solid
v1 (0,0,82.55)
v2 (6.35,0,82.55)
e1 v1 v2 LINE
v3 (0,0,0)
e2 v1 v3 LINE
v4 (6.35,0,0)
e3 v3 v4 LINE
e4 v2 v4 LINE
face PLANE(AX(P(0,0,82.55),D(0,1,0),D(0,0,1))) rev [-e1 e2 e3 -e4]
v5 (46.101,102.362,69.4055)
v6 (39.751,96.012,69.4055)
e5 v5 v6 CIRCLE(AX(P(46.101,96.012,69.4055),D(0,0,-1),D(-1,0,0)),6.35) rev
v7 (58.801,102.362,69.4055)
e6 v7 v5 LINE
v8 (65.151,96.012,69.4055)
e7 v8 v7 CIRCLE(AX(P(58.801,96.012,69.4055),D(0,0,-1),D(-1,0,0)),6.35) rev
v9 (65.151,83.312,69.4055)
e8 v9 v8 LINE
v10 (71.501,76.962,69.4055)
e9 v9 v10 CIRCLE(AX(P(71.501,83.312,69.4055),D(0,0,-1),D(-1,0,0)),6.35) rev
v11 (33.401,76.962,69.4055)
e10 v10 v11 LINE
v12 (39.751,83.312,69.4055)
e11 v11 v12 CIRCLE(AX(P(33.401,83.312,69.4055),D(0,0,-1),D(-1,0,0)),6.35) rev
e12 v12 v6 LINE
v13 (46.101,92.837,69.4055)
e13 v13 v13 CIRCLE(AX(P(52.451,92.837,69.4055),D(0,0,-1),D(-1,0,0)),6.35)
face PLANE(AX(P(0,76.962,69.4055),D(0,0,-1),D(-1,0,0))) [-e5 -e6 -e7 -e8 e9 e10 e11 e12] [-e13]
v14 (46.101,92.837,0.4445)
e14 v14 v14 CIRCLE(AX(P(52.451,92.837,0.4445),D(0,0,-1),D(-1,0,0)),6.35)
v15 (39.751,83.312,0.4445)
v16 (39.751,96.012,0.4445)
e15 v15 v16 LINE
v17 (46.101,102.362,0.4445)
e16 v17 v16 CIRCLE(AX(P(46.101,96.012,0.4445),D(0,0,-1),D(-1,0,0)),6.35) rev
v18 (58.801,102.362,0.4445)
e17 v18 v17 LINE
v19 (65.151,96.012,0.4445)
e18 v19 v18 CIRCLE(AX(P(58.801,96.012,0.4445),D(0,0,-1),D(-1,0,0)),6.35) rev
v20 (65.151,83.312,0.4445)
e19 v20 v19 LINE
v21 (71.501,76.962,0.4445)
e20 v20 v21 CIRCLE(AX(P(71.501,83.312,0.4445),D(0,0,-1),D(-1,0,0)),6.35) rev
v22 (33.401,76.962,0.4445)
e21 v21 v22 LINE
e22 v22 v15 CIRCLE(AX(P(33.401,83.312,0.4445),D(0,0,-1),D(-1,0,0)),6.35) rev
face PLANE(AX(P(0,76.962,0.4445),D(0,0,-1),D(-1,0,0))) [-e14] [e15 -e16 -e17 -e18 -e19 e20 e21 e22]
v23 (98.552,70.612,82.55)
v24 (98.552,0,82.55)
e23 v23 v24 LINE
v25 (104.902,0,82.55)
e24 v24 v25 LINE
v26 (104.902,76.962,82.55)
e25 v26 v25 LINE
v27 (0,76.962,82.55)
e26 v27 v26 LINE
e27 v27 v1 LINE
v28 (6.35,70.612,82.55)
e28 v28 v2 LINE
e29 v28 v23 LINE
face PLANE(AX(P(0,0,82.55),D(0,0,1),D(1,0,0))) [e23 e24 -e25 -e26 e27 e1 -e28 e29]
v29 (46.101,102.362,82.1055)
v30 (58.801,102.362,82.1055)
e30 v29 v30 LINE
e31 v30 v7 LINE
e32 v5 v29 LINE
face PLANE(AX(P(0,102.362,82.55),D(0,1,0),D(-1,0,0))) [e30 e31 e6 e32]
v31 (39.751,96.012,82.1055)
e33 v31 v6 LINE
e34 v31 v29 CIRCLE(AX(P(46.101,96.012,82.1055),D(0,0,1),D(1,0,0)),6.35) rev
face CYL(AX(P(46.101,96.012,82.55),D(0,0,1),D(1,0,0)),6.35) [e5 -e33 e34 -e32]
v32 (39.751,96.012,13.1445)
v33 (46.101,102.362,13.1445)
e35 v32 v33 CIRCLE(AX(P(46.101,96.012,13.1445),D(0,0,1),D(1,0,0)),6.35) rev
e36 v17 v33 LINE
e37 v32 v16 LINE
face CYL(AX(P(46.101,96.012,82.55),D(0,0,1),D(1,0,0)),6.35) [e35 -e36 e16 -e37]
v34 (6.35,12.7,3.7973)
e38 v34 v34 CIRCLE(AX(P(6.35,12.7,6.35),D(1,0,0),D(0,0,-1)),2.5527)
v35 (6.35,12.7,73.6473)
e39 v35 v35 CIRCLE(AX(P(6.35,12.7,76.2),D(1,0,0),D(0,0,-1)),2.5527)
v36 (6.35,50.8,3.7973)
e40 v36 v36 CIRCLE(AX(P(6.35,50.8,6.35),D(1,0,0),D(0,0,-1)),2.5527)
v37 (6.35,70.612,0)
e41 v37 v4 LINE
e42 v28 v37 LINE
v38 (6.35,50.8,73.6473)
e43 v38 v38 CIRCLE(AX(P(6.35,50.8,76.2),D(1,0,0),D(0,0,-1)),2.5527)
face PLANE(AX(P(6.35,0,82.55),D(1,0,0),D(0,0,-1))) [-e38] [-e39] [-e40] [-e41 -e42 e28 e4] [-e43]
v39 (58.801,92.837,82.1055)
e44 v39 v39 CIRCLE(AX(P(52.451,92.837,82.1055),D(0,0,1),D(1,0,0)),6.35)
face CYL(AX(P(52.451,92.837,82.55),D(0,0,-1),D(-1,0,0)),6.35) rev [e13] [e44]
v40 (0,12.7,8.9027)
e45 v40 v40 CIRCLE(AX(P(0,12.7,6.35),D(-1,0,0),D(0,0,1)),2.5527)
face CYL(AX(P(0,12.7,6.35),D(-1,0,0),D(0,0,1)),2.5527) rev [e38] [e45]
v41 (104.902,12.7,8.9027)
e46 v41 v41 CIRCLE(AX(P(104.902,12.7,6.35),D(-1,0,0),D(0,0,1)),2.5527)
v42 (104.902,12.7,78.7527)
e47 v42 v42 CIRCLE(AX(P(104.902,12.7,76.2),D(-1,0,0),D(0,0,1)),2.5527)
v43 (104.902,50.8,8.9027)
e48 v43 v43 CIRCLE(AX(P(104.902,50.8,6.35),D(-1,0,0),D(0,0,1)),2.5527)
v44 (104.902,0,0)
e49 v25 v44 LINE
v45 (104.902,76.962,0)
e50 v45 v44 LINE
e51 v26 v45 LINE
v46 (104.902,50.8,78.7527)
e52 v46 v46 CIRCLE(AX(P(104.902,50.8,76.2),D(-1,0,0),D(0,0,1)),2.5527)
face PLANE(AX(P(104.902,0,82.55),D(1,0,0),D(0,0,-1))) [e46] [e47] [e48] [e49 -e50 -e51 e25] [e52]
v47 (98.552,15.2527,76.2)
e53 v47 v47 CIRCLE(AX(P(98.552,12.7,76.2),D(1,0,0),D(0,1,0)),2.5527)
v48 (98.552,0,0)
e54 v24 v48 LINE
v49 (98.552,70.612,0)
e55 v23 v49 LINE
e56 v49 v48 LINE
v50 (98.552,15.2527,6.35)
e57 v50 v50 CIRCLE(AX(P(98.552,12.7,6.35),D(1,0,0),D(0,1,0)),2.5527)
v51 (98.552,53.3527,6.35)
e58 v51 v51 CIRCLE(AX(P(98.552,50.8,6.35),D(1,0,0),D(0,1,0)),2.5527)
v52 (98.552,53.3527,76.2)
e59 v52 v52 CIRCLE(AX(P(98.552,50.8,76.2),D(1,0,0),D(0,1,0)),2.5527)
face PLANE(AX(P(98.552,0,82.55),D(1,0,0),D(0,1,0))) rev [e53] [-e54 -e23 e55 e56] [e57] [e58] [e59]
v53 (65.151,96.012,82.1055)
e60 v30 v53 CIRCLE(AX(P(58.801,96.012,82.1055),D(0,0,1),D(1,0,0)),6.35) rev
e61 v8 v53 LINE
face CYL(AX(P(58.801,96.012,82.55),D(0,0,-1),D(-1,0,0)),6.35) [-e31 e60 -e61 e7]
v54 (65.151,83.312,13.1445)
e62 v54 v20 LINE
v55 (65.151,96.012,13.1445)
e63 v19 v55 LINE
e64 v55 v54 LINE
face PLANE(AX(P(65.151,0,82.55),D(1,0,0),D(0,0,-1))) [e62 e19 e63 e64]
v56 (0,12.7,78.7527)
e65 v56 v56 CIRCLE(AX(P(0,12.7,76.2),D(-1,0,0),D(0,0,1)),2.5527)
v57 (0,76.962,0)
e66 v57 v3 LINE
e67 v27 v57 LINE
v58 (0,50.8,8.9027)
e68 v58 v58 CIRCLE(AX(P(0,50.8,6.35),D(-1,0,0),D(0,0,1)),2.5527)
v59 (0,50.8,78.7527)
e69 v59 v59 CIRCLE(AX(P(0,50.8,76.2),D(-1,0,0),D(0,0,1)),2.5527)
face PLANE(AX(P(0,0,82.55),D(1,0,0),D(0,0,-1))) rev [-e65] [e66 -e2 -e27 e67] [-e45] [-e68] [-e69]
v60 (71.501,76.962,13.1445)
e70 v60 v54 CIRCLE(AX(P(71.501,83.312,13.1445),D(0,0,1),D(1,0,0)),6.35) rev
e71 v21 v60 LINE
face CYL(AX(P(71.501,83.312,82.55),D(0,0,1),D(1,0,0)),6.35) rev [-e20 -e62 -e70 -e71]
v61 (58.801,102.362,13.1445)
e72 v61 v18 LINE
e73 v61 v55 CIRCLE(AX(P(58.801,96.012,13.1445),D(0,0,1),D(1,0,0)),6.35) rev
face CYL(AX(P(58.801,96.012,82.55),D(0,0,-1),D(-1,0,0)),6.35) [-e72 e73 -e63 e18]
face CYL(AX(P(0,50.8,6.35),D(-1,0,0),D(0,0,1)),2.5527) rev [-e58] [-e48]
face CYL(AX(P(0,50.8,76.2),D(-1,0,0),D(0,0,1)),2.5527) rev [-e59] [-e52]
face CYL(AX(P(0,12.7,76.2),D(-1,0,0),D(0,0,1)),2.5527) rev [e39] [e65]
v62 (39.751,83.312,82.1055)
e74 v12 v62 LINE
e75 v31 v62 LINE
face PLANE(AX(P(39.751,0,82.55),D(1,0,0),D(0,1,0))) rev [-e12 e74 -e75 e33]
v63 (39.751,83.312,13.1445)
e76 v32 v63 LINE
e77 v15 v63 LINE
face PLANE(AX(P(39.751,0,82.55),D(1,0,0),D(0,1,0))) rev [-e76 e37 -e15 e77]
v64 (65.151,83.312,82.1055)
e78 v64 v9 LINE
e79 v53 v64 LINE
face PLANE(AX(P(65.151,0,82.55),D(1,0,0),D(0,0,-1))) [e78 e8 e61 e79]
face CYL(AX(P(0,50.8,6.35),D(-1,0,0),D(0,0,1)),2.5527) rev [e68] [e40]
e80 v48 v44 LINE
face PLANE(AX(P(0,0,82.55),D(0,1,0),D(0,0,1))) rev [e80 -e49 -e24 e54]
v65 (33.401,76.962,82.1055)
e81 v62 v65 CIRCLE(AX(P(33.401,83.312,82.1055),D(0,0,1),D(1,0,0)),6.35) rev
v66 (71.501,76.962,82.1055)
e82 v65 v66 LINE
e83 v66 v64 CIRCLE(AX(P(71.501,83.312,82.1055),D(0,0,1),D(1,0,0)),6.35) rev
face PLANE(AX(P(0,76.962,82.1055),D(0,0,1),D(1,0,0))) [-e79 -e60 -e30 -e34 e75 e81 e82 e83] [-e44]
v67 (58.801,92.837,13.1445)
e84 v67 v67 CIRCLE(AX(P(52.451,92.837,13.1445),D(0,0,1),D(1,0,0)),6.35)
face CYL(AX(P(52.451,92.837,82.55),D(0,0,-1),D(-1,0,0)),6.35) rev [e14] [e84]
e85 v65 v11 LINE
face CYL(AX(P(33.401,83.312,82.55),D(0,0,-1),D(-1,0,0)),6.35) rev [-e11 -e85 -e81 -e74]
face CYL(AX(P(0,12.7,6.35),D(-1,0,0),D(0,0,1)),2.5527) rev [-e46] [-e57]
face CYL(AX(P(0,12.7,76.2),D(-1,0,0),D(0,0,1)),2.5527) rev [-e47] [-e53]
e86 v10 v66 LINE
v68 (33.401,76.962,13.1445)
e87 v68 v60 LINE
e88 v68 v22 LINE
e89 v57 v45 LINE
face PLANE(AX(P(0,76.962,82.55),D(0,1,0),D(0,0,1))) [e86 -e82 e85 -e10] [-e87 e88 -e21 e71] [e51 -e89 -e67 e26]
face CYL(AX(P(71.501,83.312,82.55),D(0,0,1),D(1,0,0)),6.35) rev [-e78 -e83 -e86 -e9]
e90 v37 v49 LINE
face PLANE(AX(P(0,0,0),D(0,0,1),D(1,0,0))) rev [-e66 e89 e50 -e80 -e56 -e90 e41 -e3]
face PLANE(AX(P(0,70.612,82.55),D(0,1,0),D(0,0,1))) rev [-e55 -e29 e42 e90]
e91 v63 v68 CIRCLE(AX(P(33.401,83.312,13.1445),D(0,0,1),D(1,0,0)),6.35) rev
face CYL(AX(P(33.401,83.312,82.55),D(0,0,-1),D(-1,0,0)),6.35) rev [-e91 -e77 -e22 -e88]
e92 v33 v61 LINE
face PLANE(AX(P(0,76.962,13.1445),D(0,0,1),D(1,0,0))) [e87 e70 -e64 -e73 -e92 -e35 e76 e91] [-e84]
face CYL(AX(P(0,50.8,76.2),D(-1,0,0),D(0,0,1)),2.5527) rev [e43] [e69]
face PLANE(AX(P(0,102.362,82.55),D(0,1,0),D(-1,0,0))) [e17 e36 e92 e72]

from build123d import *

# Parameters (mm, degrees)
SKETCH1_W                   = 25.4
SKETCH1_H                   = 25.4
SKETCH1_R                   = 6.35
BOSS_EXTRUDE1_DEPTH         = 82.55
FILLET1_R                   = 6.35
SKETCH3_W                   = 136.608571953
SKETCH3_H                   = 27.79521791
SKETCH3_H_2                 = 56.261
SKETCH3_H_3                 = 24.259466636
CUT_EXTRUDE3_DEPTH          = 31.75
TAP_DRILL_FOR_1_4_20_TAP1_D = 5.1054


with BuildPart() as part:
    # Sketch1 → Boss-Extrude1 (new body)
    # profile 1 of 2: a face of its own
    with BuildSketch(Plane.XY):
        with Locations((52.451, 89.662)):
            Rectangle(SKETCH1_W, SKETCH1_H)
        with Locations((52.451, 92.837)):
            Circle(SKETCH1_R, mode=Mode.SUBTRACT)
    # profile 2 of 2: a face of its own
    with BuildSketch(Plane.XY):
        Polygon((6.35, 70.612), (98.552, 70.612), (98.552, 0), (104.902, 0), (104.902, 76.962), (0, 76.962), (0, 0), (6.35, 0), align=None)
    extrude(amount=BOSS_EXTRUDE1_DEPTH)

    # Fillet1
    fillet1_edges = [part.edges().sort_by_distance(p)[0] for p in [
        (65.151, 76.962, 41.275),
        (39.751, 76.962, 41.275),
        (39.751, 102.362, 41.275),
        (65.151, 102.362, 41.275),
    ]]
    fillet(fillet1_edges, radius=FILLET1_R)

    # Sketch3 → Cut-Extrude3 (cut)
    with BuildSketch(Plane(origin=(0, 108.712, 0), x_dir=(1, 0, 0), z_dir=(0, 1, 0))):
        with Locations((56.578258919, 13.453108955)):
            Rectangle(SKETCH3_W, SKETCH3_H)
        with Locations((56.578258919, -41.275)):
            Rectangle(SKETCH3_W, SKETCH3_H_2)
        with Locations((56.578258919, -94.235233318)):
            Rectangle(SKETCH3_W, SKETCH3_H_3)
    extrude(amount=-CUT_EXTRUDE3_DEPTH, mode=Mode.SUBTRACT)

    # Tap Drill for 1/4-20 Tap1 (through all)
    with Locations(Plane.ZY):
        with Locations((6.35, 50.8), (6.35, 12.7), (76.2, 12.7), (76.2, 50.8)):
            Hole(TAP_DRILL_FOR_1_4_20_TAP1_D / 2)


solid = part.part
